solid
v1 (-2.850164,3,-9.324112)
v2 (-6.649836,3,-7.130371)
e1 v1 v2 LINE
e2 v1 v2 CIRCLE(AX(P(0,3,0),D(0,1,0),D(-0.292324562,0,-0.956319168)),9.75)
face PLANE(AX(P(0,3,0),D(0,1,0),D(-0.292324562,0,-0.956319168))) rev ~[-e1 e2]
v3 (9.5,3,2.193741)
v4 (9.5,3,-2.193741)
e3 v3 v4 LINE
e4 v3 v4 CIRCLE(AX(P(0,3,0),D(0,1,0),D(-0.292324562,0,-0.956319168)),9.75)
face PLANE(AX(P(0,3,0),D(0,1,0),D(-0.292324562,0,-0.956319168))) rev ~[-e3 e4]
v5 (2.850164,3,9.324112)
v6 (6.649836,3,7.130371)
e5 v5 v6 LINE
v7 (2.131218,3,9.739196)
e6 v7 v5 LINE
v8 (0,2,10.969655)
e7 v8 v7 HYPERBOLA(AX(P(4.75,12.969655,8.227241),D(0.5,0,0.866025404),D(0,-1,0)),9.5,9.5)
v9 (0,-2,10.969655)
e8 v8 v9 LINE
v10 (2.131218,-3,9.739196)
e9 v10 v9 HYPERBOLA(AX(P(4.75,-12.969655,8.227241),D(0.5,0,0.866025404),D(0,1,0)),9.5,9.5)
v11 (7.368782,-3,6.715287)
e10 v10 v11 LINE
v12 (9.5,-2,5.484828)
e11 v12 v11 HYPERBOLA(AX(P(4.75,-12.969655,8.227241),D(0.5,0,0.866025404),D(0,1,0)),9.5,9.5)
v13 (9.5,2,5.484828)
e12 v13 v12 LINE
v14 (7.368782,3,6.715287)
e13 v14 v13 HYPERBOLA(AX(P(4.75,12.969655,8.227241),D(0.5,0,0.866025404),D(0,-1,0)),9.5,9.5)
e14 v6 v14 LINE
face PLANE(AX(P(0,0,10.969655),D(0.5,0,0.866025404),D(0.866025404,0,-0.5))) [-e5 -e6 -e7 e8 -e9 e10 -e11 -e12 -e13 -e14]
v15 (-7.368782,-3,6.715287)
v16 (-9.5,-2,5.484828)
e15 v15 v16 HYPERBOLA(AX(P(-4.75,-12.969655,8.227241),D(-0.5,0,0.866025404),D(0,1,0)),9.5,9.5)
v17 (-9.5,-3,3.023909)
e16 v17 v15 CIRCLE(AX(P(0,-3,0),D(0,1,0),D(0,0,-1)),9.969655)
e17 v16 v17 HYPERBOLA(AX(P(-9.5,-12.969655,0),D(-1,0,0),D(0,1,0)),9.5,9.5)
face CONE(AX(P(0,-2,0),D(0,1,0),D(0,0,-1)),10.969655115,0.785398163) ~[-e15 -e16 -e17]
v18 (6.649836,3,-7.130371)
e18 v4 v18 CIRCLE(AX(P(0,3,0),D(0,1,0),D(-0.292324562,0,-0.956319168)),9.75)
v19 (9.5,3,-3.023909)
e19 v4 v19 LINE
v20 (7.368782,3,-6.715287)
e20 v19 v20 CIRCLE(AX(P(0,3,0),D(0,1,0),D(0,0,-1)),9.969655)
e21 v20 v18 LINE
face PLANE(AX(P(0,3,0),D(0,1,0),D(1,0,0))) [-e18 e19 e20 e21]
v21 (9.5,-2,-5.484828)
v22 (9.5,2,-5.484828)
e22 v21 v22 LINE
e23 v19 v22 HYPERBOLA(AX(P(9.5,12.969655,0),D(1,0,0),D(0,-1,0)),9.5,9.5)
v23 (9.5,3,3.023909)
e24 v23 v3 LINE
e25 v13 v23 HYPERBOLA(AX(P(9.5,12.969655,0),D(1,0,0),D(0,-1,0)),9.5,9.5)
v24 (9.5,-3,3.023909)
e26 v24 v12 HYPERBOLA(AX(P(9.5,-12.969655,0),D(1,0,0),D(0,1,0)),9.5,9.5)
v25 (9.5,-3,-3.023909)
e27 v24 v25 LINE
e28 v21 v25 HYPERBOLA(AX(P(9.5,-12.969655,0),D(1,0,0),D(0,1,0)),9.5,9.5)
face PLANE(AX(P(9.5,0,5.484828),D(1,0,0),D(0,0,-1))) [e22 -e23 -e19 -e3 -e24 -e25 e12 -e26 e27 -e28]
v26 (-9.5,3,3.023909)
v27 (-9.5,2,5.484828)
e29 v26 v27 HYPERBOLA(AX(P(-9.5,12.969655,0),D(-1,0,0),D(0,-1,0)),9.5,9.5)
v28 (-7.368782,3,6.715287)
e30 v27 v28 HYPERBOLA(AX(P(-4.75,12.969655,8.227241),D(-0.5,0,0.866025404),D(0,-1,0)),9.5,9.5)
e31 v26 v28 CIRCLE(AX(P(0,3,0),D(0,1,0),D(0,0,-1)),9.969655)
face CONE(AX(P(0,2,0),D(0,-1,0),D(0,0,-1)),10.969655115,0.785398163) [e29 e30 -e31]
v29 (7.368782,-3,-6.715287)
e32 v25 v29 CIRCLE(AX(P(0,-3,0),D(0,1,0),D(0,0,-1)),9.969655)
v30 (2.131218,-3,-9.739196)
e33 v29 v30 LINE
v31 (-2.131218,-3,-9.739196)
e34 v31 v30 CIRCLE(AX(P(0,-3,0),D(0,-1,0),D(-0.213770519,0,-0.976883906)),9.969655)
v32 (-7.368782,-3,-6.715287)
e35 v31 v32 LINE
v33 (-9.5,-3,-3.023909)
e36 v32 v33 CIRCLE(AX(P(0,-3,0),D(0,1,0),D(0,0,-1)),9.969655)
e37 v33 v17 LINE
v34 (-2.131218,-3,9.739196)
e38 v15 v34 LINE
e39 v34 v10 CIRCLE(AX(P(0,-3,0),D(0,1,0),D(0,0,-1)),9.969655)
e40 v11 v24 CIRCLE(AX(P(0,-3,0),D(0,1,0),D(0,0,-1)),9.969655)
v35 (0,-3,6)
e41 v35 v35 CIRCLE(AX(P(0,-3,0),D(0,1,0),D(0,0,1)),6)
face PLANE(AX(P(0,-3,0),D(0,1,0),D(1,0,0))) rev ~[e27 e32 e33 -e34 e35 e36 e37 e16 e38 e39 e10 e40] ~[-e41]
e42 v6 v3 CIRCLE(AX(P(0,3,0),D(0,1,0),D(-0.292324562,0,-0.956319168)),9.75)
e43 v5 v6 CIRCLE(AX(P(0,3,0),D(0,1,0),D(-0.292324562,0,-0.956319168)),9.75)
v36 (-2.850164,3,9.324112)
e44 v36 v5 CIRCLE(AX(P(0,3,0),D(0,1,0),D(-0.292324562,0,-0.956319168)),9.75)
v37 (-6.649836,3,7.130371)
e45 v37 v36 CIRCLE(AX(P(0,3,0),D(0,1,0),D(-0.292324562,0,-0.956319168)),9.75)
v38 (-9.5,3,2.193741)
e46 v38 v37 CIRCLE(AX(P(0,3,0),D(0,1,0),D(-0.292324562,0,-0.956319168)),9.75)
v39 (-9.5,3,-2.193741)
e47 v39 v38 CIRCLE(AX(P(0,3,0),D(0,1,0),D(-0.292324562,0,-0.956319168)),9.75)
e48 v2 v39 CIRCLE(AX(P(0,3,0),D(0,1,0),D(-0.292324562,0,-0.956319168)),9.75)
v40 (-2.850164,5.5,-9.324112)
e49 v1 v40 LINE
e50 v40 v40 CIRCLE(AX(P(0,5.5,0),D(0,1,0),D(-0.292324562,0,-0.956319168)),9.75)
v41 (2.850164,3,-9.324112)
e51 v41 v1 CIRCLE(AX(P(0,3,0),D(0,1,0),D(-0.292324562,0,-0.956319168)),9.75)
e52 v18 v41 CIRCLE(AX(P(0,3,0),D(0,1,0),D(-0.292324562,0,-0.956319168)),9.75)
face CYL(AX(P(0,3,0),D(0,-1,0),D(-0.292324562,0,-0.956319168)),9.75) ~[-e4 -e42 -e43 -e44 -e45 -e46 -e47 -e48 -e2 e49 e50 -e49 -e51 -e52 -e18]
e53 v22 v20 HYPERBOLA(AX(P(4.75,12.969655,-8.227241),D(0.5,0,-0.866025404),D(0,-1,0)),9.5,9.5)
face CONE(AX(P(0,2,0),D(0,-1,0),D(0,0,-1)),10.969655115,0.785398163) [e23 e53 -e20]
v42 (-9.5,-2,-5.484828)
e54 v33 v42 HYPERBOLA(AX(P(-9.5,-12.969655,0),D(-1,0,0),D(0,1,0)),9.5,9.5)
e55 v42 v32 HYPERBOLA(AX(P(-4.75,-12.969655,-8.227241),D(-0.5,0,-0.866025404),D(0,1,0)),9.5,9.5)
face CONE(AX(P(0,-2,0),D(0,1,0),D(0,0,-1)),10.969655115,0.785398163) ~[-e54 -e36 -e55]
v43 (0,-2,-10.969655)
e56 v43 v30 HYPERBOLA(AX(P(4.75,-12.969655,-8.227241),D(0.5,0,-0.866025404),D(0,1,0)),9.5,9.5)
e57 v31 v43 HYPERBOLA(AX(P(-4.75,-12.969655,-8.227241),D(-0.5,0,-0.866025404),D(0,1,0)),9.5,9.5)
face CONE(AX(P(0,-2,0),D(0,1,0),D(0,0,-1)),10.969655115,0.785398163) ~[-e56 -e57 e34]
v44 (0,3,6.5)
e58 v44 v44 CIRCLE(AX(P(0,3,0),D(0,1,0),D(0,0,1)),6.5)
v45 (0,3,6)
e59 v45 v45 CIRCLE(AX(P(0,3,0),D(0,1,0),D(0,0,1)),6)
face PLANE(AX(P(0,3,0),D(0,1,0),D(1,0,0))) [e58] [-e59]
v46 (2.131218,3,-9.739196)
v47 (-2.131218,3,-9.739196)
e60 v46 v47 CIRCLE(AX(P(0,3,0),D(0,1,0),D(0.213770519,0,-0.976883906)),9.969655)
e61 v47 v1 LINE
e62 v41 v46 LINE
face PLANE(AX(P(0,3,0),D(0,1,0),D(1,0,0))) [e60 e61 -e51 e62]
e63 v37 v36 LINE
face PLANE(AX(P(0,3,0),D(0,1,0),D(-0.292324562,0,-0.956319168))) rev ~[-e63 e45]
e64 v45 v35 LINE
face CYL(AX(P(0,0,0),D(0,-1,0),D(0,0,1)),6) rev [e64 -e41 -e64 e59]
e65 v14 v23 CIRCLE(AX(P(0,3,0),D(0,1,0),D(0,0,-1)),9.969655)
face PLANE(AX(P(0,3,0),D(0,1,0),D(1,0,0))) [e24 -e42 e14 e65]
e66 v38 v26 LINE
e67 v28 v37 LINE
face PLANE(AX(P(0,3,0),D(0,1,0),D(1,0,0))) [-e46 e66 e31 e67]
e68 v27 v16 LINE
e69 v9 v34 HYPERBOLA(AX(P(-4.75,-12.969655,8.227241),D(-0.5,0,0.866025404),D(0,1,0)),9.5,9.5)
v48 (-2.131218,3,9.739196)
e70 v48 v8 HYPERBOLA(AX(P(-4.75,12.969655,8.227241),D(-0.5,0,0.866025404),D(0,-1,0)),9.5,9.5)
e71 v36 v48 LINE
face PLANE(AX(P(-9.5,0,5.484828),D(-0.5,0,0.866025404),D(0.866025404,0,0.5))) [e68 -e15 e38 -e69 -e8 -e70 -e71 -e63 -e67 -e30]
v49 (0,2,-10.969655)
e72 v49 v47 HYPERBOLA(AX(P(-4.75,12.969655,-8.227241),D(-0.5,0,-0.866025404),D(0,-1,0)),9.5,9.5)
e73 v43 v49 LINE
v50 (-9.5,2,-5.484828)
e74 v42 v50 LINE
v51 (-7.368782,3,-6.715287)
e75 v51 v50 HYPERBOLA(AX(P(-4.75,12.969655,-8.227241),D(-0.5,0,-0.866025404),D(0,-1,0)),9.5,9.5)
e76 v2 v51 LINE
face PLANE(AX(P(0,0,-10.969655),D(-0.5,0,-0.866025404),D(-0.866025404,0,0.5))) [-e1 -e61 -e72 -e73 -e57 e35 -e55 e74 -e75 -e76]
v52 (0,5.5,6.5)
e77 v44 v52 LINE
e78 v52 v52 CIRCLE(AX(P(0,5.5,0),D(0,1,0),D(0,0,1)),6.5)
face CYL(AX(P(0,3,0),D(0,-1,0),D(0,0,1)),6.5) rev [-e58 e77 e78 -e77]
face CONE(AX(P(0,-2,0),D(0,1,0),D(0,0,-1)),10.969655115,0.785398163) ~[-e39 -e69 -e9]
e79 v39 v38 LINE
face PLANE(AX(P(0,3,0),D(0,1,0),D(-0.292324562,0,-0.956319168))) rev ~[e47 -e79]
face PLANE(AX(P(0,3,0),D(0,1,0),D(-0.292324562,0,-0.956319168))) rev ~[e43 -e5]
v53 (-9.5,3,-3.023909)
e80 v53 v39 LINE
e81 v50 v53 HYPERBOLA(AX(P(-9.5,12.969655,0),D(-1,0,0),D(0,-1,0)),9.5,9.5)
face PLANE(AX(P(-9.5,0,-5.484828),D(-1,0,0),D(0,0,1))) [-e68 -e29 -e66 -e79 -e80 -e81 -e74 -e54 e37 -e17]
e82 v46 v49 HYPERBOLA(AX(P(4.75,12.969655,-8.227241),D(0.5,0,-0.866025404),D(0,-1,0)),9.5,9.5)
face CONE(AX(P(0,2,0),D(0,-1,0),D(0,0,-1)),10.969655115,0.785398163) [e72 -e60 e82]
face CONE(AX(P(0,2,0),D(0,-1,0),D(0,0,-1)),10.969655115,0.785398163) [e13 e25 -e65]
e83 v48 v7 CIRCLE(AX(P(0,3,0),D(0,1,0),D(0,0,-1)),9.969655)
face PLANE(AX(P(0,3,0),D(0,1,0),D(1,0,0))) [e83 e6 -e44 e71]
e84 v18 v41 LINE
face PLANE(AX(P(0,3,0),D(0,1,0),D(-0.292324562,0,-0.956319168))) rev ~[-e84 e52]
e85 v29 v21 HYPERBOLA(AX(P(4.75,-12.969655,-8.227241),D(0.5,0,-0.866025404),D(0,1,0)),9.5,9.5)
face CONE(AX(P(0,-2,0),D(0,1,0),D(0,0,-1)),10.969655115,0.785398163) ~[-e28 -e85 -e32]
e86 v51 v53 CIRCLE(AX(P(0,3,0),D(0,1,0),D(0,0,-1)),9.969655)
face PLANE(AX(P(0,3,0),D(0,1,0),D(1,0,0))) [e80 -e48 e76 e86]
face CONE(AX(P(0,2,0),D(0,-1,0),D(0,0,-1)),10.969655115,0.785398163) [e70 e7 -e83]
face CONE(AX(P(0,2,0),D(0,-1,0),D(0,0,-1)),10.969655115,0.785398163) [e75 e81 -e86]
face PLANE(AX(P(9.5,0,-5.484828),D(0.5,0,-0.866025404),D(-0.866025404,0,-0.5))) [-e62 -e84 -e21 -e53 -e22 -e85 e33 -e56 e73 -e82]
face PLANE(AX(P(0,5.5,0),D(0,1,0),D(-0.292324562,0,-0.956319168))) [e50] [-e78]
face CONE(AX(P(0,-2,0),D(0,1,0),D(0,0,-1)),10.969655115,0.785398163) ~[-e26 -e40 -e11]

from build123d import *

# Parameters (mm, degrees)
SZKIC1_R                    = 6
DODANIE_WYCI_GNI_CIE1_DEPTH = 3
SZKIC4_R                    = 9.75
SZKIC4_R_2                  = 6.5
DODANIE_WYCI_GNI_CIE2_DEPTH = 2.5


with BuildPart() as part:
    # Szkic1 → Dodanie-wyciągnięcie1 (new, symmetric)
    with BuildSketch(Plane(origin=(0, 0, 0), x_dir=(1, 0, 0), z_dir=(0, 1, 0))):
        Polygon((9.5, -5.484827557), (9.5, 5.484827557), (0, 10.969655115), (-9.5, 5.484827557), (-9.5, -5.484827557), (0, -10.969655115), align=None)
        with Locations(Location((0, 0, 0), (0, 0, 270))):
            Circle(SZKIC1_R, mode=Mode.SUBTRACT)
    extrude(amount=DODANIE_WYCI_GNI_CIE1_DEPTH, both=True)

    # Szkic3 → Wycięcie-obrót9 (revolve, cut)
    with BuildSketch(Plane(origin=(0, 0, 0), x_dir=(0, 0, -1), z_dir=(1, 0, 0))):
        Polygon((10.969655115, 3), (10.969655115, 2), (9.969655115, 3), align=None)
        Polygon((9.969655115, -3), (10.969655115, -3), (10.969655115, -2), align=None)
    revolve(axis=Axis((0, 0, 0), (0, 1, 0)), mode=Mode.SUBTRACT)

    # Szkic4 → Dodanie-wyciągnięcie2 (add)
    with BuildSketch(Plane(origin=(0, 3, 0), x_dir=(1, 0, 0), z_dir=(0, 1, 0))):
        with Locations(Location((0, 0, 0), (0, 0, 106.997175533))):
            Circle(SZKIC4_R)
        with Locations(Location((0, 0, 0), (0, 0, 270))):
            Circle(SZKIC4_R_2, mode=Mode.SUBTRACT)
    extrude(amount=DODANIE_WYCI_GNI_CIE2_DEPTH)


solid = part.part
